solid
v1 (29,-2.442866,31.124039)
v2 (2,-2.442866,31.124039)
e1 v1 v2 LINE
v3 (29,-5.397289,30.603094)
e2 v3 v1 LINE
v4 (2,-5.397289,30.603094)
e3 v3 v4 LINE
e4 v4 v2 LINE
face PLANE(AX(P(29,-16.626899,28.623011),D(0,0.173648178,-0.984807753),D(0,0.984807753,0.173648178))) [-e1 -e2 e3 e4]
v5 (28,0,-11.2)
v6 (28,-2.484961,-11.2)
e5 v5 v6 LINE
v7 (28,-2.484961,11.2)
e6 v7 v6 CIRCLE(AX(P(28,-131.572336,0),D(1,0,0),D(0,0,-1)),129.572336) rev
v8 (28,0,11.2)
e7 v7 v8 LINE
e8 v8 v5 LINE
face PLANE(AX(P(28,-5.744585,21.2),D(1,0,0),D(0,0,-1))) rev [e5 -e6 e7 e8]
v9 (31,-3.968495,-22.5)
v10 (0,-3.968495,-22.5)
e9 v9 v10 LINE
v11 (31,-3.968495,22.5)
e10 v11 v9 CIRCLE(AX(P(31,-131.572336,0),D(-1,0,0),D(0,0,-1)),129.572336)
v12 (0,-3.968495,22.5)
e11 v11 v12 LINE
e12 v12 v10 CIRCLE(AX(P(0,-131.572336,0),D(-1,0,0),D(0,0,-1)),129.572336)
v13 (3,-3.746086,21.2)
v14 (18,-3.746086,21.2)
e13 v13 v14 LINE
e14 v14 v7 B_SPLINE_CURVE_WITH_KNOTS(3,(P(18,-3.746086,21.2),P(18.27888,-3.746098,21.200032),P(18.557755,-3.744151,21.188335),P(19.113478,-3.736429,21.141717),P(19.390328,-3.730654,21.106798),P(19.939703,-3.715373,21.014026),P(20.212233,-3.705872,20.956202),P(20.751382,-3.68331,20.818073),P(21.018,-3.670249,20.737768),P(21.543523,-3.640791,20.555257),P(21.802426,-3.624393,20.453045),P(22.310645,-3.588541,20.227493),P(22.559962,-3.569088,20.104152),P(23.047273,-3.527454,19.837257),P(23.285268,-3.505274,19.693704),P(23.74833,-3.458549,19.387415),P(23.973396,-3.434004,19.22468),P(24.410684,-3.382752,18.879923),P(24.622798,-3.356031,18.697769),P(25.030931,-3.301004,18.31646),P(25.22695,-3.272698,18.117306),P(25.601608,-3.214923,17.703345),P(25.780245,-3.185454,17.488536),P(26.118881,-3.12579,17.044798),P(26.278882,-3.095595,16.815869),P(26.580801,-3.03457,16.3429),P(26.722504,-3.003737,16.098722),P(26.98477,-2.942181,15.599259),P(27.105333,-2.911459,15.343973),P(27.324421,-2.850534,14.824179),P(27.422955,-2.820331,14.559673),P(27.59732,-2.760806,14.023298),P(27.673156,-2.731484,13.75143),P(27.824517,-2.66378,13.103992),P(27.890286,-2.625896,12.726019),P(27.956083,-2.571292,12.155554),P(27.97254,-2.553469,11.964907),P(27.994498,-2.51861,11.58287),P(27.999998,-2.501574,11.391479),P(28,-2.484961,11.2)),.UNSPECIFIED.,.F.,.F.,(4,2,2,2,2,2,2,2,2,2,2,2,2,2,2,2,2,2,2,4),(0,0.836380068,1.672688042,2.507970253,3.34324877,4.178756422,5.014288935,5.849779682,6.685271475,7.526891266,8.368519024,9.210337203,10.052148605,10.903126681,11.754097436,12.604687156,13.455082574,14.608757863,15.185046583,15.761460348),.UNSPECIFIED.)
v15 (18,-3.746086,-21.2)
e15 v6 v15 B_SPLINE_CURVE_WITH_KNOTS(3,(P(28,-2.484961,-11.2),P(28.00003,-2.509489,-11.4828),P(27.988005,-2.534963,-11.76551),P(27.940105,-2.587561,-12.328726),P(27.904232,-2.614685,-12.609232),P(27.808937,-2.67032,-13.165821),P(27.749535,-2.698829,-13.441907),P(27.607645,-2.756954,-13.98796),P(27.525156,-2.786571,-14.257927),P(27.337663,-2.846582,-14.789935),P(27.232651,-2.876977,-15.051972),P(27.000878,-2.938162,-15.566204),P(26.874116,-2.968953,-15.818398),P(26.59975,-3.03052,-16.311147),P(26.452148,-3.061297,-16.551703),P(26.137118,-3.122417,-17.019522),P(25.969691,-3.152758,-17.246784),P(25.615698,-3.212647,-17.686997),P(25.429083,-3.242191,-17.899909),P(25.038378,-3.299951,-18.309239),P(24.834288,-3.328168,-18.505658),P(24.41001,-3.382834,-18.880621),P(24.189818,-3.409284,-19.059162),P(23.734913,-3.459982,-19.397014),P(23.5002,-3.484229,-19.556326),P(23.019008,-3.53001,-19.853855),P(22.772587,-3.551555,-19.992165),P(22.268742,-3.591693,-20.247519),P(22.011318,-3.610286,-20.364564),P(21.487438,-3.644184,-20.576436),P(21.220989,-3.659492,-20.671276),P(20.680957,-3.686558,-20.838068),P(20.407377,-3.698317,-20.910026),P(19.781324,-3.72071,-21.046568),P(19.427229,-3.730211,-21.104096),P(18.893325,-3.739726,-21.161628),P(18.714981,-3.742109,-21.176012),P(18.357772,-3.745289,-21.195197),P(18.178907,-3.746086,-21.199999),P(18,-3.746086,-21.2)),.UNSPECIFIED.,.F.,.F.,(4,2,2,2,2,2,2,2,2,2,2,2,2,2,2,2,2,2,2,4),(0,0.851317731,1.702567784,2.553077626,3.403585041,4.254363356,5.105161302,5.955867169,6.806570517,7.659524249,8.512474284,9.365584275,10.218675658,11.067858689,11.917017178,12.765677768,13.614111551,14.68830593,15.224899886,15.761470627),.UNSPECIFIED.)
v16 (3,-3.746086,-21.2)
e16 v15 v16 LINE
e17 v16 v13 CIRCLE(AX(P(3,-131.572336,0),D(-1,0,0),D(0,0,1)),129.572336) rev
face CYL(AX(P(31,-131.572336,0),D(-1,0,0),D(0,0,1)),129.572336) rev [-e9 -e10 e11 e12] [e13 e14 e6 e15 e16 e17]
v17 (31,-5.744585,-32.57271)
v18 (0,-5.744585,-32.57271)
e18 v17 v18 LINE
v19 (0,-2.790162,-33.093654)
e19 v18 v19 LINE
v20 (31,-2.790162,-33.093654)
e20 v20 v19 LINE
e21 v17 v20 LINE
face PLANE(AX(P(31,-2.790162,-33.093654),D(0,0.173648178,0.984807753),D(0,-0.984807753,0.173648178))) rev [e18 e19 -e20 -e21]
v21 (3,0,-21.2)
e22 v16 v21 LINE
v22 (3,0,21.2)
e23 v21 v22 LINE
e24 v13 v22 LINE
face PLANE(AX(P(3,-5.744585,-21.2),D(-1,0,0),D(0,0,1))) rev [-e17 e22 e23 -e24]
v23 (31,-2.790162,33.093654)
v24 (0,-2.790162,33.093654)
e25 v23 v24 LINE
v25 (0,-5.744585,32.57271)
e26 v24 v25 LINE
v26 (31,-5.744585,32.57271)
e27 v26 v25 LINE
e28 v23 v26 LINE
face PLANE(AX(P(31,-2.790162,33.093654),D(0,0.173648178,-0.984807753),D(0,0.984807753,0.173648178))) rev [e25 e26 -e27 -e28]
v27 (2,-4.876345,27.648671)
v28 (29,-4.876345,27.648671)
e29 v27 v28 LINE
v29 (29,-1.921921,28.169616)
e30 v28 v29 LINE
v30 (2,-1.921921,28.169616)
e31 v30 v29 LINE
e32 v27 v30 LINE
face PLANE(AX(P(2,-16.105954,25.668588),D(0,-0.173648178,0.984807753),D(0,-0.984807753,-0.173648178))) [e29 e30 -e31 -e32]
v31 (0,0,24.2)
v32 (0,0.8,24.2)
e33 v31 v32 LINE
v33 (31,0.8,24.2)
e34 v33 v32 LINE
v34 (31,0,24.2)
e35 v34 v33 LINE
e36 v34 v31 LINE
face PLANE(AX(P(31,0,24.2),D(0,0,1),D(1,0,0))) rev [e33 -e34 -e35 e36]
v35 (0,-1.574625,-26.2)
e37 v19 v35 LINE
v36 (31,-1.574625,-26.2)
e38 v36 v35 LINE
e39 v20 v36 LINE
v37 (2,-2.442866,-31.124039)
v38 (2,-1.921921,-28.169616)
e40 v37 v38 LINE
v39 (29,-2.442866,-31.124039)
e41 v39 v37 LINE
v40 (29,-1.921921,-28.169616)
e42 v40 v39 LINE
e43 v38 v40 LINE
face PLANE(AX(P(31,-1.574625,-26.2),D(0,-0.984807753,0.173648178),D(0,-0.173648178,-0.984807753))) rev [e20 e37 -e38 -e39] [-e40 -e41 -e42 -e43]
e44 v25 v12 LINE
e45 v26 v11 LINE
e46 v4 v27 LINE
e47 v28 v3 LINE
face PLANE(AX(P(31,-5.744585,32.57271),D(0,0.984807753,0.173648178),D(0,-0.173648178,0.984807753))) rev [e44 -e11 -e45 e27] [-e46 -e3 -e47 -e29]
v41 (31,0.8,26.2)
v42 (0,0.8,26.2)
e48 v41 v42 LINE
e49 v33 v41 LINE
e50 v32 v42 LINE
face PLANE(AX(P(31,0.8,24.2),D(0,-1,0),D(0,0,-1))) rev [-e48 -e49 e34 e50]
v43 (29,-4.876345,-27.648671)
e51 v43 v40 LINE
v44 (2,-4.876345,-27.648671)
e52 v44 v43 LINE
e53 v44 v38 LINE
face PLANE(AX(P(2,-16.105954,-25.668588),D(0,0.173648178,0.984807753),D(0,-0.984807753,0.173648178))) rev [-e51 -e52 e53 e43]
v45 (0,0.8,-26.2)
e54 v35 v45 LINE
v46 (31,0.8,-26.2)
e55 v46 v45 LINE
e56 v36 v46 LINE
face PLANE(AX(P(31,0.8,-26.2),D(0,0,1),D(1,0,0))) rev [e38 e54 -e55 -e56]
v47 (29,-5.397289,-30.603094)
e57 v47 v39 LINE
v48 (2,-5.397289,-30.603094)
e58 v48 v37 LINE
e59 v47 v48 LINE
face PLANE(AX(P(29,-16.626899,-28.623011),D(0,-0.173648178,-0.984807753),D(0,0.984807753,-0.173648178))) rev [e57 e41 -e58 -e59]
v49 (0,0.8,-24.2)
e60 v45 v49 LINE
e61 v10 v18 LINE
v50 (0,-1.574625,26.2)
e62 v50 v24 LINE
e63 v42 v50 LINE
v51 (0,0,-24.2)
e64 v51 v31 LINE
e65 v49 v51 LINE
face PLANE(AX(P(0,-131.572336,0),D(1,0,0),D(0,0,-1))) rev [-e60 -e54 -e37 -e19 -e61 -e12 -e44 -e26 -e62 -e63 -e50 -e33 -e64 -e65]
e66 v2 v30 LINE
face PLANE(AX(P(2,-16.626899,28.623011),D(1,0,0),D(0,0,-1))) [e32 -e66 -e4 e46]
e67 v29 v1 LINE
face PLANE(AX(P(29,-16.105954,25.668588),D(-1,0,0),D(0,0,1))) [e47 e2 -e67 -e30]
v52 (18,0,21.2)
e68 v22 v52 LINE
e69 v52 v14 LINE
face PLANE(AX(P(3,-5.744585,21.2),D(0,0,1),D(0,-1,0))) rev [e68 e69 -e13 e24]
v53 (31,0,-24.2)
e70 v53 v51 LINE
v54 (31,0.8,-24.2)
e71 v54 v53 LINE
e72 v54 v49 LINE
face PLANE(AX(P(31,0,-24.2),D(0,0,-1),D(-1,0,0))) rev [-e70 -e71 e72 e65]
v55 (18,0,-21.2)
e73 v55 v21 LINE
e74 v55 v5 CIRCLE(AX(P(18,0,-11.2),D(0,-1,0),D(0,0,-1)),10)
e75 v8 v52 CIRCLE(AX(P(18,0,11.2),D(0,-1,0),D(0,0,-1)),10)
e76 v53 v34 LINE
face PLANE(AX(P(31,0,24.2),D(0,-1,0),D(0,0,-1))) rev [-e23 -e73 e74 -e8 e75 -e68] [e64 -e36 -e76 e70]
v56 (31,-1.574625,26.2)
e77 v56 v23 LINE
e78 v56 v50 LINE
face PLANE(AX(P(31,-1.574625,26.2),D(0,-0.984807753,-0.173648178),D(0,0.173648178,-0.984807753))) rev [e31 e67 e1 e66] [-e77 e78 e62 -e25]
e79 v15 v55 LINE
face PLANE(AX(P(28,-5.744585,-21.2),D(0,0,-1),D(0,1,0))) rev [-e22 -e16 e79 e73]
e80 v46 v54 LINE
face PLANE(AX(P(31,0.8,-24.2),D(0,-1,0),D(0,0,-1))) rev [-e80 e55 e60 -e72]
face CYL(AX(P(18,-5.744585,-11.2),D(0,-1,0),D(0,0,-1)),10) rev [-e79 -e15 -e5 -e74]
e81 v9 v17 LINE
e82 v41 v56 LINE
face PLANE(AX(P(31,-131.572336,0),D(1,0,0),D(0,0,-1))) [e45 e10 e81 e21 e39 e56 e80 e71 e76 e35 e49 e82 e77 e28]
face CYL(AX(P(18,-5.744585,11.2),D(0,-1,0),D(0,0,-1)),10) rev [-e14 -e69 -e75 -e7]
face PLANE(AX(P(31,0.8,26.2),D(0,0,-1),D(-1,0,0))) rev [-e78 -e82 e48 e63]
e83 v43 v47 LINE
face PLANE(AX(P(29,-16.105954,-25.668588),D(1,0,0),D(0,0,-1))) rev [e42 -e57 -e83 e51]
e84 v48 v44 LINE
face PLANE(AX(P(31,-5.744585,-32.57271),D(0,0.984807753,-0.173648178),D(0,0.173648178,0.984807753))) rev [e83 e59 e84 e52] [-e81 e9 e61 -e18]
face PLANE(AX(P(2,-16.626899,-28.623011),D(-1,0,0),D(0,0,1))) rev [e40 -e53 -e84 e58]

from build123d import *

# Parameters (mm, degrees)
BOSS_EXTRUDE1_DEPTH = 31
SKETCH2_W           = 27
SKETCH2_H           = 3
CUT_EXTRUDE1_DEPTH  = 47.54655438
SKETCH3_W           = 25
SKETCH3_H           = 42.4
CUT_EXTRUDE2_DEPTH  = 46.707660351
FILLET1_R           = 10


with BuildPart() as part:
    # Sketch1 → Boss-Extrude1 (new body)
    with BuildSketch(Plane(origin=(0, 0, 0), x_dir=(0, 0, -1), z_dir=(1, 0, 0))):
        with BuildLine():
            Line((-24.2, 0), (24.2, 0))
            Line((24.2, 0), (24.2, 0.8))
            Line((24.2, 0.8), (26.2, 0.8))
            Line((26.2, 0.8), (26.2, -1.574624922))
            Line((26.2, -1.574624922), (33.093654271, -2.790162166))
            Line((33.093654271, -2.790162166), (32.572709738, -5.744585425))
            Line((32.572709738, -5.744585425), (22.5, -3.968494929))
            ThreePointArc((22.5, -3.968494929), (0, -2), (-22.5, -3.968494929))
            Line((-22.5, -3.968494929), (-32.572709738, -5.744585425))
            Line((-32.572709738, -5.744585425), (-33.093654271, -2.790162166))
            Line((-33.093654271, -2.790162166), (-26.2, -1.574624922))
            Line((-26.2, -1.574624922), (-26.2, 0.8))
            Line((-26.2, 0.8), (-24.2, 0.8))
            Line((-24.2, 0.8), (-24.2, 0))
        make_face()
    extrude(amount=BOSS_EXTRUDE1_DEPTH)

    # Sketch2 → Cut-Extrude1 (cut, through all)
    with BuildSketch(Plane(origin=(0, 2.953319706, -0.520749947), x_dir=(1, 0, 0), z_dir=(0, 0.9848077530122087, -0.17364817766692767))):
        with Locations((15.5, 29.575393877)):
            Rectangle(SKETCH2_W, SKETCH2_H)
    cut_extrude1 = extrude(amount=-CUT_EXTRUDE1_DEPTH, mode=Mode.SUBTRACT)

    # Mirror1: Cut-Extrude1 across plane
    add(cut_extrude1.mirror(Plane.XY), mode=Mode.SUBTRACT)

    # Sketch3 → Cut-Extrude2 (cut, through all)
    with BuildSketch(Plane(origin=(0, 0, 0), x_dir=(1, 0, 0), z_dir=(0, 1, 0))):
        with Locations((15.5, 0)):
            Rectangle(SKETCH3_W, SKETCH3_H)
    extrude(amount=-CUT_EXTRUDE2_DEPTH, mode=Mode.SUBTRACT)

    # Fillet1
    fillet1_edges = [part.edges().sort_by_distance(p)[0] for p in [
        (28, -1.873042869, -21.2),
        (28, -1.873042869, 21.2),
    ]]
    fillet(fillet1_edges, radius=FILLET1_R)


solid = part.part
